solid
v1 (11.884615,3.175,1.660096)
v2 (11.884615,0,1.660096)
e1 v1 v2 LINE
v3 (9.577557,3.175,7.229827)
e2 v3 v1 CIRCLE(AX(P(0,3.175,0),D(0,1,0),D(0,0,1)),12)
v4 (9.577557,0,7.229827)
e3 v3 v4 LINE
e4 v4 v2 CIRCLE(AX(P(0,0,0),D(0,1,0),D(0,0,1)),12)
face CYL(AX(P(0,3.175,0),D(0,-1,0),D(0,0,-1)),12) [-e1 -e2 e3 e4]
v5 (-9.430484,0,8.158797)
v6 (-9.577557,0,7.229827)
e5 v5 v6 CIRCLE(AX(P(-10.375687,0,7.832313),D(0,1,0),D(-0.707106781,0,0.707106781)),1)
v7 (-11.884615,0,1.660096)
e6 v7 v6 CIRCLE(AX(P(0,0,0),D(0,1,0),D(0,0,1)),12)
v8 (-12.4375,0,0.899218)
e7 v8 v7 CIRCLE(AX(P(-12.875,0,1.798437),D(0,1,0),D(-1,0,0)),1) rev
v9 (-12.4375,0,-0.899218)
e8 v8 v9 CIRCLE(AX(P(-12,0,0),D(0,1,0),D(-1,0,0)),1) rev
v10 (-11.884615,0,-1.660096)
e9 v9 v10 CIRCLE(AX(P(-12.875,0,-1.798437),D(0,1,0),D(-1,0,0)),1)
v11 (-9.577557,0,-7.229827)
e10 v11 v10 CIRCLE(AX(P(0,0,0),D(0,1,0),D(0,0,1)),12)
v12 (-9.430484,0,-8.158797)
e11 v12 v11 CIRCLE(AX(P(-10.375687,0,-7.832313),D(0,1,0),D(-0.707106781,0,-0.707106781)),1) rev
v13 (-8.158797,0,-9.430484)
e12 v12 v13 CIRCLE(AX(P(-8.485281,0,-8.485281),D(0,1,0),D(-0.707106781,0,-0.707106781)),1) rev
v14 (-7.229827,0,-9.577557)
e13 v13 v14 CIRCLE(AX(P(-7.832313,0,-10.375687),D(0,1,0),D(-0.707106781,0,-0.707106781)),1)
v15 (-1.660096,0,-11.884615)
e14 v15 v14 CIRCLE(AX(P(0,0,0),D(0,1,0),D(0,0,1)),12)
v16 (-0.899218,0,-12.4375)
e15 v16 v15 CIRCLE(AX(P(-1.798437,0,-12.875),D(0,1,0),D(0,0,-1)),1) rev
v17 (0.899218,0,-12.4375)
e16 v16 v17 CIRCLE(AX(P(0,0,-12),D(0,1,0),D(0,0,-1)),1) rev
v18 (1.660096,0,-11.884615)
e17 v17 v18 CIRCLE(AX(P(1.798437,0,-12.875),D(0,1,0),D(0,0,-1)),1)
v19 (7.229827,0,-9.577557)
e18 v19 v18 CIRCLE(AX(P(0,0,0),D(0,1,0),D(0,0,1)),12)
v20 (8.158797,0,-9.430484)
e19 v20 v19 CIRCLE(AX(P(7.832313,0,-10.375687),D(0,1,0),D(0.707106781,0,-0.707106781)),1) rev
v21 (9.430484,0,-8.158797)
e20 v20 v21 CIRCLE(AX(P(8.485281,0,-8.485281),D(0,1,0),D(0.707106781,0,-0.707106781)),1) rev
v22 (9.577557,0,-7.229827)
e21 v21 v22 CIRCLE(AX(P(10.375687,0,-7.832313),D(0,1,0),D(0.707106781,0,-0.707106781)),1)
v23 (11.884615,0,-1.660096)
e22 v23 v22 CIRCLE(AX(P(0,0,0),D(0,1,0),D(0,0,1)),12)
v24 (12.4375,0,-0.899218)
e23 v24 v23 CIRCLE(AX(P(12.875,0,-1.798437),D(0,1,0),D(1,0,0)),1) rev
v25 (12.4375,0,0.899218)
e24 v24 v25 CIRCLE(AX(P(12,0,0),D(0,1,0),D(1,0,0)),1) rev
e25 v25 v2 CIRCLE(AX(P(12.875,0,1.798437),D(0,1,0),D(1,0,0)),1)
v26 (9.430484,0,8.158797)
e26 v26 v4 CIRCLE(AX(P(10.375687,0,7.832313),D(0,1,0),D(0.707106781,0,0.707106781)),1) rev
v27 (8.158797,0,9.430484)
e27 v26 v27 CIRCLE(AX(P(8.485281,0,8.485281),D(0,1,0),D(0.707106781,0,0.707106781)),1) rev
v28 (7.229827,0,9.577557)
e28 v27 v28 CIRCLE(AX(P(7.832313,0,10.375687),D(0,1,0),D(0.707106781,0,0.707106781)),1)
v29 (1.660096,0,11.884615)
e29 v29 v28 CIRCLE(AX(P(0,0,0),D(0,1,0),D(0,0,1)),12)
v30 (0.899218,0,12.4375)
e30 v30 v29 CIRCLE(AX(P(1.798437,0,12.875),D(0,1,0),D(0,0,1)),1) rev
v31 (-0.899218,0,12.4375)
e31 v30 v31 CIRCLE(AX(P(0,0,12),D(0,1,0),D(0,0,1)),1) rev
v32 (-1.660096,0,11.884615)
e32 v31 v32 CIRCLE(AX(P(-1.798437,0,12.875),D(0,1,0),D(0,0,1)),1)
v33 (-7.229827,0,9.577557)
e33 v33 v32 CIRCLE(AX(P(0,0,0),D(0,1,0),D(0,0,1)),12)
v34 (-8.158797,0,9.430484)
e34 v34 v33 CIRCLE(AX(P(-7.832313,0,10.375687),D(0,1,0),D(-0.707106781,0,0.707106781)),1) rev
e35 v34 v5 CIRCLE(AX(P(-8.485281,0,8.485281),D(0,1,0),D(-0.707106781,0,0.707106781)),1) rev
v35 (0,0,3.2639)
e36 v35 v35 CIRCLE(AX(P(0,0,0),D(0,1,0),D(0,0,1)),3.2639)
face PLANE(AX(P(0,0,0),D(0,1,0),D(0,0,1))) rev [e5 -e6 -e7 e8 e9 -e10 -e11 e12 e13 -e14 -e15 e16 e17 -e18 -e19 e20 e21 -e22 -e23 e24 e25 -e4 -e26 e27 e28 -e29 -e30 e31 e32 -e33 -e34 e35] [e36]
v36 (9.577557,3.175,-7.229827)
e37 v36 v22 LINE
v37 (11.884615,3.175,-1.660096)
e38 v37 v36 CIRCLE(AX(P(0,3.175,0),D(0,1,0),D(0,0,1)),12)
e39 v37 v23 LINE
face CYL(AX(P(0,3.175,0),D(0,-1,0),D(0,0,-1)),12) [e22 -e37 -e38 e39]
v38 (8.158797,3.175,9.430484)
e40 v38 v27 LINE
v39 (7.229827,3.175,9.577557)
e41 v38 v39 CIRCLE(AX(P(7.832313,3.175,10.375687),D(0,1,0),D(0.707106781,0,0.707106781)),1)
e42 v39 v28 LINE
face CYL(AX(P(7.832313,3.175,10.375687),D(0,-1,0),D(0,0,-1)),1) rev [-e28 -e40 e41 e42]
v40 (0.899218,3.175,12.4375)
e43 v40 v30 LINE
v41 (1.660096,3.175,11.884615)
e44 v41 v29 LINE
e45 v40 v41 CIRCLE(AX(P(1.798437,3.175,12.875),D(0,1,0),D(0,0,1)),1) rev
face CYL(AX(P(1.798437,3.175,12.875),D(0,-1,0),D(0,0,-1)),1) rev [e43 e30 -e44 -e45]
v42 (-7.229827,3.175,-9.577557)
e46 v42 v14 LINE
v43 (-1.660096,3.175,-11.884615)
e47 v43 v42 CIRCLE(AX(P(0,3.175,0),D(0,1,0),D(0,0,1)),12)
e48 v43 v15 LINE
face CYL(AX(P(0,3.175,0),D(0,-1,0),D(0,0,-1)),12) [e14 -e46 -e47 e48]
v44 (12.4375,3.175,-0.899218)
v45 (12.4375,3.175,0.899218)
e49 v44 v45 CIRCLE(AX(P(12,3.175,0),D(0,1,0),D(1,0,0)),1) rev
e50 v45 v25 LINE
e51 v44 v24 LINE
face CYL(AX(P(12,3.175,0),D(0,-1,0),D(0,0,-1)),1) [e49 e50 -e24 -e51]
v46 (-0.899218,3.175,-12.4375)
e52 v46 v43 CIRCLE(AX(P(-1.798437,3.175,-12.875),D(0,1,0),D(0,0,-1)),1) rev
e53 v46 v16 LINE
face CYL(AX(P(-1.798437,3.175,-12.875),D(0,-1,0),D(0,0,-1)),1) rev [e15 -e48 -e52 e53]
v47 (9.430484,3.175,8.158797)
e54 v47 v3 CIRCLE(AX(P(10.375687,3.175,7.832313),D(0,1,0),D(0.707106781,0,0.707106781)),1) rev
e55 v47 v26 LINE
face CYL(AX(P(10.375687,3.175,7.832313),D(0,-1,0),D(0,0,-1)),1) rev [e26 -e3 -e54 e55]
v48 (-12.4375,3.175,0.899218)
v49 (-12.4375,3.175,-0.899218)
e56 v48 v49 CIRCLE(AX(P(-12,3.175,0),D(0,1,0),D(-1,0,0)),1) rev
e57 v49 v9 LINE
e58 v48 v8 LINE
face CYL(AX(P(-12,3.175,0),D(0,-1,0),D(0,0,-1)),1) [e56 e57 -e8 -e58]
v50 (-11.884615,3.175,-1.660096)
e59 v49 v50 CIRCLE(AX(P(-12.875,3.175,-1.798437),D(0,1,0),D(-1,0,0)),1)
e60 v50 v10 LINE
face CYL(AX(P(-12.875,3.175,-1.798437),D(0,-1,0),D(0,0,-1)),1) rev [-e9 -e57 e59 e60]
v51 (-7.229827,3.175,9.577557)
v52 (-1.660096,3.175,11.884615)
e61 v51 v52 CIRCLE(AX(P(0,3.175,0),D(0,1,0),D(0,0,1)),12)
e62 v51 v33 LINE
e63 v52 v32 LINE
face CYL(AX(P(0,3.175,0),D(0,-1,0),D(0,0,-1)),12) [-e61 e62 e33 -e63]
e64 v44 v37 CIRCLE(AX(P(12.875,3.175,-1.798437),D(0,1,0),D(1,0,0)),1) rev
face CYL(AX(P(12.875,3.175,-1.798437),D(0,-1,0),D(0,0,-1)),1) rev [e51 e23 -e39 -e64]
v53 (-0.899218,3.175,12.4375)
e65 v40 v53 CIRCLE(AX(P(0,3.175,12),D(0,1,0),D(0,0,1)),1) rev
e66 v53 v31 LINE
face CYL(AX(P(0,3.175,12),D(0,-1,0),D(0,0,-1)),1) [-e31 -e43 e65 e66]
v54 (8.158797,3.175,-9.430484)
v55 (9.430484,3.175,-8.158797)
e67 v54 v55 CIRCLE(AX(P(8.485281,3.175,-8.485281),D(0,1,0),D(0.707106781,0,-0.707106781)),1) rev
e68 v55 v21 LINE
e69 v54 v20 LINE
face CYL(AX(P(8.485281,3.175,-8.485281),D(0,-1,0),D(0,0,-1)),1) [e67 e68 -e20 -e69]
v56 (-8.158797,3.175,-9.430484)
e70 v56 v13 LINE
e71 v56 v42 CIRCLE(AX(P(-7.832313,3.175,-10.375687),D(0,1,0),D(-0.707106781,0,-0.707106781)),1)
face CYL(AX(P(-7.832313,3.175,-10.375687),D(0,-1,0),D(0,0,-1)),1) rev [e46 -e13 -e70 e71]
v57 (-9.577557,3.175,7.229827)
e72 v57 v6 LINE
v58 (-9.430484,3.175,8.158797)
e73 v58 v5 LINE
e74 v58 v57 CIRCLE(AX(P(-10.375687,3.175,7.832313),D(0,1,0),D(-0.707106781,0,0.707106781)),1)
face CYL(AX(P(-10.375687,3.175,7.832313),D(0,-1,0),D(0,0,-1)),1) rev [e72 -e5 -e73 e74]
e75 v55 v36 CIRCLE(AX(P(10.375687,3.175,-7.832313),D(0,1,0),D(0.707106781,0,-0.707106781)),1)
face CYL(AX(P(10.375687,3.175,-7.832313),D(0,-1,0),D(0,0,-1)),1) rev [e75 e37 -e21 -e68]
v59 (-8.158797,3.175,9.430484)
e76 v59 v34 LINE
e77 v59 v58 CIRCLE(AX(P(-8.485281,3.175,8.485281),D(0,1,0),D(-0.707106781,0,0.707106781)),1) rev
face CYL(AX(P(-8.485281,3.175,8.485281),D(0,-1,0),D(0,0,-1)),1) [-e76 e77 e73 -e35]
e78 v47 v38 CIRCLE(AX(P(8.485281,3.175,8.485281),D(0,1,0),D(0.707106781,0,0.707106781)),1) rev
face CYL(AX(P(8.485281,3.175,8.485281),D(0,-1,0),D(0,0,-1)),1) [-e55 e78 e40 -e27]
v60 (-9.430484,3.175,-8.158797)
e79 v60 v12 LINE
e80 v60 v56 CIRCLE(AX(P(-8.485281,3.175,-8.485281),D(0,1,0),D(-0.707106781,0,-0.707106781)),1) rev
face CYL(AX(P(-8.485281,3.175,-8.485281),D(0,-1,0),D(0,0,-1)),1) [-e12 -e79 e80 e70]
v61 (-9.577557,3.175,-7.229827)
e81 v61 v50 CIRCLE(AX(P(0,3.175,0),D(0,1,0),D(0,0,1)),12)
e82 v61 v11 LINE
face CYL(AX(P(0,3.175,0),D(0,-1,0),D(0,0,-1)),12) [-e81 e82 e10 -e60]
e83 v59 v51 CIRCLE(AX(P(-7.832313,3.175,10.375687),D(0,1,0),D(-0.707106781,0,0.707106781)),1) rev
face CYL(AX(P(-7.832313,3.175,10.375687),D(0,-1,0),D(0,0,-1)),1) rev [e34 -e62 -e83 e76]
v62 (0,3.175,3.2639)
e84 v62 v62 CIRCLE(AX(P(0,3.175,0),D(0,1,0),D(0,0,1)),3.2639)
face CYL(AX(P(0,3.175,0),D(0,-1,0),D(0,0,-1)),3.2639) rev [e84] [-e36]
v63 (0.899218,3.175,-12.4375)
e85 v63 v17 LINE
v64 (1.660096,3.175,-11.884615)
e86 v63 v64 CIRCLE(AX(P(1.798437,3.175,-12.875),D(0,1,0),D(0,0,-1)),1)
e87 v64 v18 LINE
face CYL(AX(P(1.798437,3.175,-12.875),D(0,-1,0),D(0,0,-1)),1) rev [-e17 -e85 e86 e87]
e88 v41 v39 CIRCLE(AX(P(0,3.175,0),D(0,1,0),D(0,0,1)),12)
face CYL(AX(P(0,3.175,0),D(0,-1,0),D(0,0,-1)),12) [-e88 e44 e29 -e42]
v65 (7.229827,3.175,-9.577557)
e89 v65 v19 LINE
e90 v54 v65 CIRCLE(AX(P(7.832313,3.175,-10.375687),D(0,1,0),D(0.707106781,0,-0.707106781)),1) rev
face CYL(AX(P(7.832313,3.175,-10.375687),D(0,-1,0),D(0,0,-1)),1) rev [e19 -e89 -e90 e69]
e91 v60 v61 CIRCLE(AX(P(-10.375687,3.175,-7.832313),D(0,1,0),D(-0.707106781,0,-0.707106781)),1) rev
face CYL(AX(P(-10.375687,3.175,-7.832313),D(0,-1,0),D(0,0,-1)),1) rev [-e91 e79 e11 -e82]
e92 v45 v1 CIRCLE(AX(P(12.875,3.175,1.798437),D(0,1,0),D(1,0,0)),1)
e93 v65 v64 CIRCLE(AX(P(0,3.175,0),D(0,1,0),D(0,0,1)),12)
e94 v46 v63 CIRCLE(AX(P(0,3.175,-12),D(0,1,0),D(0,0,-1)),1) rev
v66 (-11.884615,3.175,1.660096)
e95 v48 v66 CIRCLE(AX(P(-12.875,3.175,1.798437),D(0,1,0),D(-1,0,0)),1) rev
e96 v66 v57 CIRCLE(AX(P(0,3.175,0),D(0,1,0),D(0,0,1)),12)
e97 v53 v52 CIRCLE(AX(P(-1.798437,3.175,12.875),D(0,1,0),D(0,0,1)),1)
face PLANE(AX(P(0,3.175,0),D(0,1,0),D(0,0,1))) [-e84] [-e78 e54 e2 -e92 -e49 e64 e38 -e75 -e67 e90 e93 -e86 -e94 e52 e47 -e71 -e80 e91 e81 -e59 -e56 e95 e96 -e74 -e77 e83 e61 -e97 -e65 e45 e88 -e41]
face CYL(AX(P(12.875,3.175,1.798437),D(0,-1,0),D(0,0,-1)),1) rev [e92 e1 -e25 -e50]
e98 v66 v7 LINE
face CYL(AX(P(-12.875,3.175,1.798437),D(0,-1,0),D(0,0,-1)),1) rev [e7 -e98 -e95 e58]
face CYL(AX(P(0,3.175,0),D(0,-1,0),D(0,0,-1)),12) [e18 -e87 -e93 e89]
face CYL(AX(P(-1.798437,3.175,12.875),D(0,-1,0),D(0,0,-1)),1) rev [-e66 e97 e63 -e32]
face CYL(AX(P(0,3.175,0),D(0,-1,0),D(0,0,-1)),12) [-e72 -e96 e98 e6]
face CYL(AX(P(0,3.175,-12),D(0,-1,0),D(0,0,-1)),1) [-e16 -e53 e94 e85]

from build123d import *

# Parameters (mm, degrees)
SKETCH2_R           = 3.2639
BOSS_EXTRUDE1_DEPTH = 3.175
BOSS_EXTRUDE2_DEPTH = 3.175
CIRPATTERN1_COUNT   = 8


with BuildPart() as part:
    # Sketch2 → Boss-Extrude1 (new body)
    with BuildSketch(Plane(origin=(0, 0, 0), x_dir=(-1, 0, 0), z_dir=(0, 1, 0))):
        with BuildLine():
            ThreePointArc((-1.660095527, 11.884615385), (-7.876511083, -9.053207894), (12, 0))
            ThreePointArc((12, 0), (9.053207894, 7.876511083), (1.660095527, 11.884615385))
            ThreePointArc((1.660095527, 11.884615385), (0, 12), (-1.660095527, 11.884615385))
        make_face()
        Circle(SKETCH2_R, mode=Mode.SUBTRACT)
    extrude(amount=BOSS_EXTRUDE1_DEPTH)

    # Sketch2<3> → Boss-Extrude2 (add)
    with BuildSketch(Plane(origin=(0, 0, 0), x_dir=(-1, 0, 0), z_dir=(0, 1, 0))):
        with BuildLine():
            ThreePointArc((-1.660095527, 11.884615385), (0, 12), (1.660095527, 11.884615385))
            ThreePointArc((1.660095527, 11.884615385), (1.210599357, 12.066020943), (0.899218411, 12.4375))
            ThreePointArc((0.899218411, 12.4375), (0, 13), (-0.899218411, 12.4375))
            ThreePointArc((-0.899218411, 12.4375), (-1.210599357, 12.066020943), (-1.660095527, 11.884615385))
        make_face()
    boss_extrude2 = extrude(amount=BOSS_EXTRUDE2_DEPTH)

    # CirPattern1: Boss-Extrude2 ×8 about axis
    cirpattern1_axis = Axis((0, 3.175, 0), (0, -1, 0))
    for i in range(1, CIRPATTERN1_COUNT):
        add(boss_extrude2.rotate(cirpattern1_axis, i * 360 / CIRPATTERN1_COUNT))


solid = part.part
